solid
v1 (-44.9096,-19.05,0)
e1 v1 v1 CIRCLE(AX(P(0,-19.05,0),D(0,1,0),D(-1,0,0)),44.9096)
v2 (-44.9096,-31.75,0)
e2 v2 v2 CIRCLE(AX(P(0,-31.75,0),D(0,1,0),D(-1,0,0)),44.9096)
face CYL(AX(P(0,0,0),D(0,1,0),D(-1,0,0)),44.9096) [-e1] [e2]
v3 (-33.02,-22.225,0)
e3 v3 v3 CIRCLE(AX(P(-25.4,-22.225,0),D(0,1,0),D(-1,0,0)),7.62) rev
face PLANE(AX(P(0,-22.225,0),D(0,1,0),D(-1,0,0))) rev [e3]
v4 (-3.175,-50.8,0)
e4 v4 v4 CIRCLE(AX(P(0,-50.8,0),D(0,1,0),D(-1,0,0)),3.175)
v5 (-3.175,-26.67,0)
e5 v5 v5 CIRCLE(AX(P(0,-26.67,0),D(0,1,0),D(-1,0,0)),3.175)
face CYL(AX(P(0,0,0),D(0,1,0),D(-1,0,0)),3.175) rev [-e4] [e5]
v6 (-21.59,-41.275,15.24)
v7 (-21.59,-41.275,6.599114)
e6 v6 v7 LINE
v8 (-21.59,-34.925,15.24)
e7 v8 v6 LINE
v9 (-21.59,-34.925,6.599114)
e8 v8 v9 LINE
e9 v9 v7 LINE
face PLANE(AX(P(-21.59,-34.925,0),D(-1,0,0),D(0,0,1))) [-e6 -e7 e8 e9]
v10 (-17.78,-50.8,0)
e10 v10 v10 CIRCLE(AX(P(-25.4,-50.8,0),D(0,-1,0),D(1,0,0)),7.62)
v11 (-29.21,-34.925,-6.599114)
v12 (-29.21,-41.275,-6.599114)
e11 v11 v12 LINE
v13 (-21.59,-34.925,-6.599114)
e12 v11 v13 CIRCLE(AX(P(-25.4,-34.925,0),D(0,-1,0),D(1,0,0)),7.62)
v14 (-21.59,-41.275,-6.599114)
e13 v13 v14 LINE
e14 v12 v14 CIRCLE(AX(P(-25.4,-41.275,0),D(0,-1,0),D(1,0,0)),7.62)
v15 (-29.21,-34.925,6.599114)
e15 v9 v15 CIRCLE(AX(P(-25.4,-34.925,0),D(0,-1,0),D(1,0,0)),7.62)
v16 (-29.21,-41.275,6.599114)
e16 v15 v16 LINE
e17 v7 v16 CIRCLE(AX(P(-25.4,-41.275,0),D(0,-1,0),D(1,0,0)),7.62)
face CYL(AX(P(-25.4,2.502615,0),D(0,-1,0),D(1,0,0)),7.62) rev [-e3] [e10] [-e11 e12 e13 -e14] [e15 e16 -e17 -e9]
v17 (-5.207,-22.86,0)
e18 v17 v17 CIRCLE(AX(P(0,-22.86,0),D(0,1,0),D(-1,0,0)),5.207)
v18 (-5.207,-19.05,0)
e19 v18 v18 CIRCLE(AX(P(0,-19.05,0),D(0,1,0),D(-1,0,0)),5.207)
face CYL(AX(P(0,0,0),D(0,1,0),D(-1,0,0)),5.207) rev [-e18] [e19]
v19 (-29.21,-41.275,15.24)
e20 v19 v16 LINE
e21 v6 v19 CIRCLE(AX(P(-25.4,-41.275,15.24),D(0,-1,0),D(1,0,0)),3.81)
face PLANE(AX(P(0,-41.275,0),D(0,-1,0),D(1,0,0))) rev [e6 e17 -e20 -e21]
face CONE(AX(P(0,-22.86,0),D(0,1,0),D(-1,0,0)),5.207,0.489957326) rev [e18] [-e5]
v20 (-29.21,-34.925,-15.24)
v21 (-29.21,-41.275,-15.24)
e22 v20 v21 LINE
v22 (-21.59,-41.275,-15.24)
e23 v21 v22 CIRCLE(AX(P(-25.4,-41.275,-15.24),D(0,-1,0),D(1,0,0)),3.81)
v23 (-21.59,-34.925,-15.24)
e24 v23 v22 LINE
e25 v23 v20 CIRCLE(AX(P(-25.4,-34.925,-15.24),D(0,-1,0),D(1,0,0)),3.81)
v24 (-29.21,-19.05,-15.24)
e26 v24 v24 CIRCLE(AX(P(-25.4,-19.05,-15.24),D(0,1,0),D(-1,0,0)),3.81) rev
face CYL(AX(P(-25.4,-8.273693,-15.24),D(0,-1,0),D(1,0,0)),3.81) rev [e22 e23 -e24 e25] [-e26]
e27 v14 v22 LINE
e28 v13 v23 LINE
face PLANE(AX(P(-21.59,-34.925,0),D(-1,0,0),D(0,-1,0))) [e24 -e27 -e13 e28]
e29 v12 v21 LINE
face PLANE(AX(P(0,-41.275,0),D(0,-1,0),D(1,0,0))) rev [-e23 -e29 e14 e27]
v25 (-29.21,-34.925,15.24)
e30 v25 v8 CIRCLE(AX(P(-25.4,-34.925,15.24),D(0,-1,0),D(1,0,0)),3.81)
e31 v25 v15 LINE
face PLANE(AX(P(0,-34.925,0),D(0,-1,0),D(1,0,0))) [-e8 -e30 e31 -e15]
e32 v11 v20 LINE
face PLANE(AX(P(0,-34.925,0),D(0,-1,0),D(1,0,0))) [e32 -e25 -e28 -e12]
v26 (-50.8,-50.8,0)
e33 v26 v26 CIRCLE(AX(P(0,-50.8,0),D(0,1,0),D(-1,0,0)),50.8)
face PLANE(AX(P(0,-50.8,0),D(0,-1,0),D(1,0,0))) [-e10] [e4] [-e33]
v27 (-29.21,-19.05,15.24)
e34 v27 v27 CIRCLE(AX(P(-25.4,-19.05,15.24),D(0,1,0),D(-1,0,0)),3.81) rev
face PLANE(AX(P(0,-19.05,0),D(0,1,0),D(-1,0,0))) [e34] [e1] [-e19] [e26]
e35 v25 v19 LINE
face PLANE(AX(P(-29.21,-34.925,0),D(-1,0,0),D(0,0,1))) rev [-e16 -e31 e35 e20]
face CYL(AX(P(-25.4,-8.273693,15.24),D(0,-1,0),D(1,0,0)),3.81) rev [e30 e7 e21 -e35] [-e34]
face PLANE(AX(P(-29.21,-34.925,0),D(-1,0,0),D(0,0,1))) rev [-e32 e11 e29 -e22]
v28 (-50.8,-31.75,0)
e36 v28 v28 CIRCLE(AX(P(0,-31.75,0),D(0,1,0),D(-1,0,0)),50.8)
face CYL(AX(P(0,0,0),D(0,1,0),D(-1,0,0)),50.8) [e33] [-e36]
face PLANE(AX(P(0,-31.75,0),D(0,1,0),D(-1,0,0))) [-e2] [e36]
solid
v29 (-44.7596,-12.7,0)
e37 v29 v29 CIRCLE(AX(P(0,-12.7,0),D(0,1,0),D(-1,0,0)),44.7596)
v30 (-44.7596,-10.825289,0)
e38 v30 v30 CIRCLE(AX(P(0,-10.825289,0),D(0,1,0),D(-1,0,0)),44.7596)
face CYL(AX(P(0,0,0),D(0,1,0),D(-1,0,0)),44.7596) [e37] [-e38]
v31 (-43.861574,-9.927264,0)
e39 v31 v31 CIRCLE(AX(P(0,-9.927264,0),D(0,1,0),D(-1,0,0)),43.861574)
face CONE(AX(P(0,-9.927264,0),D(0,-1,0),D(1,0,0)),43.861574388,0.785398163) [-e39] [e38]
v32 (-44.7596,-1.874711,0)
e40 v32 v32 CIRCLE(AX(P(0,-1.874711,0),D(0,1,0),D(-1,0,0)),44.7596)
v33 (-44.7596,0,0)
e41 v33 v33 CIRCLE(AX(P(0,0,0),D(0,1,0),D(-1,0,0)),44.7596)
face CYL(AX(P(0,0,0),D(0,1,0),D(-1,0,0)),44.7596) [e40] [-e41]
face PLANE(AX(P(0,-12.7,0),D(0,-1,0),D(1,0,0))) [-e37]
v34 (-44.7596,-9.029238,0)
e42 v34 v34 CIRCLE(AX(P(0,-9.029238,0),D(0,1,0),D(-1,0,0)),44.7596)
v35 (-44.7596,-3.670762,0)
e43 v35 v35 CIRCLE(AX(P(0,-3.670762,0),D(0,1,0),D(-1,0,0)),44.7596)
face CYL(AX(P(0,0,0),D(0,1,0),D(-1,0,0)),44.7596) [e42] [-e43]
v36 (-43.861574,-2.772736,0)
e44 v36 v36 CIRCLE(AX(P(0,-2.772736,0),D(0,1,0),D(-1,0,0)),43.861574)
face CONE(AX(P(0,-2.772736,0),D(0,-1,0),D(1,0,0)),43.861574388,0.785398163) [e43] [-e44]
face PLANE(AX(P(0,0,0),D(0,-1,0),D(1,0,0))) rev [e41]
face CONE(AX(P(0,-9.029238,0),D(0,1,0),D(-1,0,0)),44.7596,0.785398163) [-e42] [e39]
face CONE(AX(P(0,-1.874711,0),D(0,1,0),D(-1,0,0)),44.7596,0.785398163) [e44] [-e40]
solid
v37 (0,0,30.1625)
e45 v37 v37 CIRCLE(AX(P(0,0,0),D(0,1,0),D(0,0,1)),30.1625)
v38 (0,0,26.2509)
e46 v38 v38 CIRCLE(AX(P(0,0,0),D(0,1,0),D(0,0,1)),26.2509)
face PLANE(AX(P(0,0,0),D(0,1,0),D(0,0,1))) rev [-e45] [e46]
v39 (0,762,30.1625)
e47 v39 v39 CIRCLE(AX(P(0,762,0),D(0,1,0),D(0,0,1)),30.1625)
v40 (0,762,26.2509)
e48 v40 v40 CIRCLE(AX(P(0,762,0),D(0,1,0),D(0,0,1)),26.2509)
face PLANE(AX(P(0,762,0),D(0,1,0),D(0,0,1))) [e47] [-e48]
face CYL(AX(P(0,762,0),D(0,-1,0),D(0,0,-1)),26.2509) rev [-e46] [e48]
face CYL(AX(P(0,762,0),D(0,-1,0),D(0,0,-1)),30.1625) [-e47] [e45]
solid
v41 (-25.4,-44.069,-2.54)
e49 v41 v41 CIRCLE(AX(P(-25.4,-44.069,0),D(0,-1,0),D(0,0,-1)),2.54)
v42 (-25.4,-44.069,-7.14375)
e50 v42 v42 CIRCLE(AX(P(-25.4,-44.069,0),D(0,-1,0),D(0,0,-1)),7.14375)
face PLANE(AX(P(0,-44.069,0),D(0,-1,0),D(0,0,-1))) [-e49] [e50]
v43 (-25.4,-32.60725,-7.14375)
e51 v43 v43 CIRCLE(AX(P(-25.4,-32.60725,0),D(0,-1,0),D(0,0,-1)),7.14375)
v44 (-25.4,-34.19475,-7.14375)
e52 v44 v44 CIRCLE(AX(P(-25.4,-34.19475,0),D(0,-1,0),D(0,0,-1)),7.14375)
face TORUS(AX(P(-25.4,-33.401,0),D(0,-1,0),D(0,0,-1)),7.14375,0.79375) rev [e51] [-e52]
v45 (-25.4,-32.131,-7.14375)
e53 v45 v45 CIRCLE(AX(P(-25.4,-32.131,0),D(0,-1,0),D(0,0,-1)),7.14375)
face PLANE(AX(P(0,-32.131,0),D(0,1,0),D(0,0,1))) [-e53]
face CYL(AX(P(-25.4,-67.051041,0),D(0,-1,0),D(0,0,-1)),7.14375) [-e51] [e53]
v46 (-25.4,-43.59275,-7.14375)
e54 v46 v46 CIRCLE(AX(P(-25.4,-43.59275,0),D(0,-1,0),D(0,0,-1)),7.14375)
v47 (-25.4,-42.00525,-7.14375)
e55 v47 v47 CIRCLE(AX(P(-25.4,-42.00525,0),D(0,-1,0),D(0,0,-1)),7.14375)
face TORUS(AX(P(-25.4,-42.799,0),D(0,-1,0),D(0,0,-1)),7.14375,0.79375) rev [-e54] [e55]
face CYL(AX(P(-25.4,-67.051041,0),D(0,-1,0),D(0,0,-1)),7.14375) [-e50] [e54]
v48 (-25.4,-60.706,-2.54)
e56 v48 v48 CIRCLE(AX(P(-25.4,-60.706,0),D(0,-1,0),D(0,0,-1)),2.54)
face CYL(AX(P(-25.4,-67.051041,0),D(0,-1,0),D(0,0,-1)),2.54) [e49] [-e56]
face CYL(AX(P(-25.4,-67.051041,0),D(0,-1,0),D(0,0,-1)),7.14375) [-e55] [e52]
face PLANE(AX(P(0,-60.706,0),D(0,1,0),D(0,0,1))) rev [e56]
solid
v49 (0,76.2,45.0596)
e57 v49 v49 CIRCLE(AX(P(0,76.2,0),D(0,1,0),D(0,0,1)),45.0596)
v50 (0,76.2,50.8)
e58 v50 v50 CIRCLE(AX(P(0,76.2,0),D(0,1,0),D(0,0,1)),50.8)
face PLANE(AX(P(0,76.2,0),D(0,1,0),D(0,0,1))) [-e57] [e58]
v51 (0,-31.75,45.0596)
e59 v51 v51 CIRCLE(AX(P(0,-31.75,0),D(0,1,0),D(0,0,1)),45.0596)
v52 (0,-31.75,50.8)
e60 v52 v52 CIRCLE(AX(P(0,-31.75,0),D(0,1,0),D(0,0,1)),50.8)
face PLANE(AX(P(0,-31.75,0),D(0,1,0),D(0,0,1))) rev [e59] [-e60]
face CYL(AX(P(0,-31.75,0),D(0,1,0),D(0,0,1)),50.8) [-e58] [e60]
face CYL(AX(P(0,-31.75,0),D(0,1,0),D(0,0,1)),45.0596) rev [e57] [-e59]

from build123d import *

# Parameters (mm, degrees)
SKETCH1_R                = 30.1625
SKETCH1_R_2              = 26.2509
BOSS_EXTRUDE1_DEPTH      = 762
BOSS_EXTRUDE2_DEPTH      = 76.2
BOSS_EXTRUDE2_DEPTH_BACK = 31.75
SKETCH1_4_R              = 50.8
SKETCH1_4_R_2            = 45.0596
SKETCH3_R                = 7.62
CUT_EXTRUDE1_DEPTH       = 28.575
CUT_EXTRUDE2_START       = -9.525
SKETCH3_4_R              = 3.81
CUT_EXTRUDE2_DEPTH       = 22.225
CUT_EXTRUDE3_START       = -9.525
CUT_EXTRUDE3_DEPTH       = 6.35


with BuildPart() as part:
    # Sketch1 → Boss-Extrude1 (new body)
    with BuildSketch(Plane(origin=(0, 0, 0), x_dir=(1, 0, 0), z_dir=(0, 1, 0))):
        with Locations(Location((0, 0, 0), (0, 0, 270))):
            Circle(SKETCH1_R)
        with Locations(Location((0, 0, 0), (0, 0, 270))):
            Circle(SKETCH1_R_2, mode=Mode.SUBTRACT)
    extrude(amount=BOSS_EXTRUDE1_DEPTH)


with BuildPart() as body_2:
    # Sketch1<4> → Boss-Extrude2 (new, two sides: drawn at the far end of the back side and taken through both)
    with BuildSketch(Plane(origin=(0, 0, 0), x_dir=(1, 0, 0), z_dir=(0, 1, 0)).offset(-BOSS_EXTRUDE2_DEPTH_BACK)):
        with Locations(Location((0, 0, 0), (0, 0, 270))):
            Circle(SKETCH1_4_R)
        with Locations(Location((0, 0, 0), (0, 0, 270))):
            Circle(SKETCH1_4_R_2, mode=Mode.SUBTRACT)
    extrude(amount=BOSS_EXTRUDE2_DEPTH + BOSS_EXTRUDE2_DEPTH_BACK)


with BuildPart() as body_3:
    # Sketch2 → Revolve1 (revolve)
    with BuildSketch(Plane.XY, mode=Mode.PRIVATE) as revolve1_sk:
        Polygon((43.861574388, -9.927263714), (44.7596, -10.825289326), (44.7596, -12.7), (0, -12.7), (0, 0), (44.7596, 0), (44.7596, -1.874710674), (43.861574388, -2.772736286), (44.7596, -3.670761898), (44.7596, -9.029238102), align=None)
        Polygon((5.207, -22.86), (3.175, -26.67), (3.175, -50.8), (50.8, -50.8), (50.8, -31.75), (44.9096, -31.75), (44.9096, -19.05), (5.207, -19.05), align=None)
    revolve(revolve1_sk.sketch.rotate(Axis((0, 0, 0), (0, -1, 0)), 180), axis=Axis((0, 0, 0), (0, -1, 0)))

    # Sketch3 → Cut-Extrude1 (cut)
    with BuildSketch(Plane.XZ.offset(50.8)):
        with Locations((-25.4, 0)):
            Circle(SKETCH3_R)
    extrude(amount=-CUT_EXTRUDE1_DEPTH, mode=Mode.SUBTRACT)

    # Sketch3<4> → Cut-Extrude2 (cut)
    with BuildSketch(Plane.XZ.offset(50.8).offset(CUT_EXTRUDE2_START)):
        with Locations((-25.4, 15.24)):
            Circle(SKETCH3_4_R)
        with Locations((-25.4, -15.24)):
            Circle(SKETCH3_4_R)
    extrude(amount=-CUT_EXTRUDE2_DEPTH, mode=Mode.SUBTRACT)

    # Sketch3<5> → Cut-Extrude3 (cut)
    with BuildSketch(Plane.XZ.offset(50.8).offset(CUT_EXTRUDE3_START)):
        with BuildLine():
            Line((-21.59, 6.599113577), (-21.59, 15.24))
            ThreePointArc((-21.59, 15.24), (-25.4, 11.43), (-29.21, 15.24))
            Line((-29.21, 15.24), (-29.21, 6.599113577))
            ThreePointArc((-29.21, 6.599113577), (-25.4, 7.62), (-21.59, 6.599113577))
        make_face()
        with BuildLine():
            Line((-21.59, -15.24), (-21.59, -6.599113577))
            ThreePointArc((-21.59, -6.599113577), (-25.4, -7.62), (-29.21, -6.599113577))
            Line((-29.21, -6.599113577), (-29.21, -15.24))
            ThreePointArc((-29.21, -15.24), (-25.4, -11.43), (-21.59, -15.24))
        make_face()
    extrude(amount=-CUT_EXTRUDE3_DEPTH, mode=Mode.SUBTRACT)


with BuildPart() as body_4:
    # Sketch4 → Revolve2 (revolve)
    with BuildSketch(Plane.XY, mode=Mode.PRIVATE) as revolve2_sk:
        with BuildLine():
            Line((-22.86, -60.706), (-22.86, -50.8))
            Line((-22.86, -50.8), (-22.86, -44.069))
            Line((-22.86, -44.069), (-18.25625, -44.069))
            Line((-18.25625, -44.069), (-18.25625, -43.59275))
            ThreePointArc((-18.25625, -43.59275), (-19.05, -42.799), (-18.25625, -42.00525))
            Line((-18.25625, -42.00525), (-18.25625, -34.19475))
            ThreePointArc((-18.25625, -34.19475), (-19.05, -33.401), (-18.25625, -32.60725))
            Line((-18.25625, -32.60725), (-18.25625, -32.131))
            Line((-18.25625, -32.131), (-25.4, -32.131))
            Line((-25.4, -32.131), (-25.4, -60.706))
            Line((-25.4, -60.706), (-22.86, -60.706))
        make_face()
    revolve(revolve2_sk.sketch.rotate(Axis((-25.4, -67.051041082, 0), (0, 1, 0)), 90), axis=Axis((-25.4, -67.051041082, 0), (0, 1, 0)))


solid = Compound([part.part, body_2.part, body_3.part, body_4.part])
